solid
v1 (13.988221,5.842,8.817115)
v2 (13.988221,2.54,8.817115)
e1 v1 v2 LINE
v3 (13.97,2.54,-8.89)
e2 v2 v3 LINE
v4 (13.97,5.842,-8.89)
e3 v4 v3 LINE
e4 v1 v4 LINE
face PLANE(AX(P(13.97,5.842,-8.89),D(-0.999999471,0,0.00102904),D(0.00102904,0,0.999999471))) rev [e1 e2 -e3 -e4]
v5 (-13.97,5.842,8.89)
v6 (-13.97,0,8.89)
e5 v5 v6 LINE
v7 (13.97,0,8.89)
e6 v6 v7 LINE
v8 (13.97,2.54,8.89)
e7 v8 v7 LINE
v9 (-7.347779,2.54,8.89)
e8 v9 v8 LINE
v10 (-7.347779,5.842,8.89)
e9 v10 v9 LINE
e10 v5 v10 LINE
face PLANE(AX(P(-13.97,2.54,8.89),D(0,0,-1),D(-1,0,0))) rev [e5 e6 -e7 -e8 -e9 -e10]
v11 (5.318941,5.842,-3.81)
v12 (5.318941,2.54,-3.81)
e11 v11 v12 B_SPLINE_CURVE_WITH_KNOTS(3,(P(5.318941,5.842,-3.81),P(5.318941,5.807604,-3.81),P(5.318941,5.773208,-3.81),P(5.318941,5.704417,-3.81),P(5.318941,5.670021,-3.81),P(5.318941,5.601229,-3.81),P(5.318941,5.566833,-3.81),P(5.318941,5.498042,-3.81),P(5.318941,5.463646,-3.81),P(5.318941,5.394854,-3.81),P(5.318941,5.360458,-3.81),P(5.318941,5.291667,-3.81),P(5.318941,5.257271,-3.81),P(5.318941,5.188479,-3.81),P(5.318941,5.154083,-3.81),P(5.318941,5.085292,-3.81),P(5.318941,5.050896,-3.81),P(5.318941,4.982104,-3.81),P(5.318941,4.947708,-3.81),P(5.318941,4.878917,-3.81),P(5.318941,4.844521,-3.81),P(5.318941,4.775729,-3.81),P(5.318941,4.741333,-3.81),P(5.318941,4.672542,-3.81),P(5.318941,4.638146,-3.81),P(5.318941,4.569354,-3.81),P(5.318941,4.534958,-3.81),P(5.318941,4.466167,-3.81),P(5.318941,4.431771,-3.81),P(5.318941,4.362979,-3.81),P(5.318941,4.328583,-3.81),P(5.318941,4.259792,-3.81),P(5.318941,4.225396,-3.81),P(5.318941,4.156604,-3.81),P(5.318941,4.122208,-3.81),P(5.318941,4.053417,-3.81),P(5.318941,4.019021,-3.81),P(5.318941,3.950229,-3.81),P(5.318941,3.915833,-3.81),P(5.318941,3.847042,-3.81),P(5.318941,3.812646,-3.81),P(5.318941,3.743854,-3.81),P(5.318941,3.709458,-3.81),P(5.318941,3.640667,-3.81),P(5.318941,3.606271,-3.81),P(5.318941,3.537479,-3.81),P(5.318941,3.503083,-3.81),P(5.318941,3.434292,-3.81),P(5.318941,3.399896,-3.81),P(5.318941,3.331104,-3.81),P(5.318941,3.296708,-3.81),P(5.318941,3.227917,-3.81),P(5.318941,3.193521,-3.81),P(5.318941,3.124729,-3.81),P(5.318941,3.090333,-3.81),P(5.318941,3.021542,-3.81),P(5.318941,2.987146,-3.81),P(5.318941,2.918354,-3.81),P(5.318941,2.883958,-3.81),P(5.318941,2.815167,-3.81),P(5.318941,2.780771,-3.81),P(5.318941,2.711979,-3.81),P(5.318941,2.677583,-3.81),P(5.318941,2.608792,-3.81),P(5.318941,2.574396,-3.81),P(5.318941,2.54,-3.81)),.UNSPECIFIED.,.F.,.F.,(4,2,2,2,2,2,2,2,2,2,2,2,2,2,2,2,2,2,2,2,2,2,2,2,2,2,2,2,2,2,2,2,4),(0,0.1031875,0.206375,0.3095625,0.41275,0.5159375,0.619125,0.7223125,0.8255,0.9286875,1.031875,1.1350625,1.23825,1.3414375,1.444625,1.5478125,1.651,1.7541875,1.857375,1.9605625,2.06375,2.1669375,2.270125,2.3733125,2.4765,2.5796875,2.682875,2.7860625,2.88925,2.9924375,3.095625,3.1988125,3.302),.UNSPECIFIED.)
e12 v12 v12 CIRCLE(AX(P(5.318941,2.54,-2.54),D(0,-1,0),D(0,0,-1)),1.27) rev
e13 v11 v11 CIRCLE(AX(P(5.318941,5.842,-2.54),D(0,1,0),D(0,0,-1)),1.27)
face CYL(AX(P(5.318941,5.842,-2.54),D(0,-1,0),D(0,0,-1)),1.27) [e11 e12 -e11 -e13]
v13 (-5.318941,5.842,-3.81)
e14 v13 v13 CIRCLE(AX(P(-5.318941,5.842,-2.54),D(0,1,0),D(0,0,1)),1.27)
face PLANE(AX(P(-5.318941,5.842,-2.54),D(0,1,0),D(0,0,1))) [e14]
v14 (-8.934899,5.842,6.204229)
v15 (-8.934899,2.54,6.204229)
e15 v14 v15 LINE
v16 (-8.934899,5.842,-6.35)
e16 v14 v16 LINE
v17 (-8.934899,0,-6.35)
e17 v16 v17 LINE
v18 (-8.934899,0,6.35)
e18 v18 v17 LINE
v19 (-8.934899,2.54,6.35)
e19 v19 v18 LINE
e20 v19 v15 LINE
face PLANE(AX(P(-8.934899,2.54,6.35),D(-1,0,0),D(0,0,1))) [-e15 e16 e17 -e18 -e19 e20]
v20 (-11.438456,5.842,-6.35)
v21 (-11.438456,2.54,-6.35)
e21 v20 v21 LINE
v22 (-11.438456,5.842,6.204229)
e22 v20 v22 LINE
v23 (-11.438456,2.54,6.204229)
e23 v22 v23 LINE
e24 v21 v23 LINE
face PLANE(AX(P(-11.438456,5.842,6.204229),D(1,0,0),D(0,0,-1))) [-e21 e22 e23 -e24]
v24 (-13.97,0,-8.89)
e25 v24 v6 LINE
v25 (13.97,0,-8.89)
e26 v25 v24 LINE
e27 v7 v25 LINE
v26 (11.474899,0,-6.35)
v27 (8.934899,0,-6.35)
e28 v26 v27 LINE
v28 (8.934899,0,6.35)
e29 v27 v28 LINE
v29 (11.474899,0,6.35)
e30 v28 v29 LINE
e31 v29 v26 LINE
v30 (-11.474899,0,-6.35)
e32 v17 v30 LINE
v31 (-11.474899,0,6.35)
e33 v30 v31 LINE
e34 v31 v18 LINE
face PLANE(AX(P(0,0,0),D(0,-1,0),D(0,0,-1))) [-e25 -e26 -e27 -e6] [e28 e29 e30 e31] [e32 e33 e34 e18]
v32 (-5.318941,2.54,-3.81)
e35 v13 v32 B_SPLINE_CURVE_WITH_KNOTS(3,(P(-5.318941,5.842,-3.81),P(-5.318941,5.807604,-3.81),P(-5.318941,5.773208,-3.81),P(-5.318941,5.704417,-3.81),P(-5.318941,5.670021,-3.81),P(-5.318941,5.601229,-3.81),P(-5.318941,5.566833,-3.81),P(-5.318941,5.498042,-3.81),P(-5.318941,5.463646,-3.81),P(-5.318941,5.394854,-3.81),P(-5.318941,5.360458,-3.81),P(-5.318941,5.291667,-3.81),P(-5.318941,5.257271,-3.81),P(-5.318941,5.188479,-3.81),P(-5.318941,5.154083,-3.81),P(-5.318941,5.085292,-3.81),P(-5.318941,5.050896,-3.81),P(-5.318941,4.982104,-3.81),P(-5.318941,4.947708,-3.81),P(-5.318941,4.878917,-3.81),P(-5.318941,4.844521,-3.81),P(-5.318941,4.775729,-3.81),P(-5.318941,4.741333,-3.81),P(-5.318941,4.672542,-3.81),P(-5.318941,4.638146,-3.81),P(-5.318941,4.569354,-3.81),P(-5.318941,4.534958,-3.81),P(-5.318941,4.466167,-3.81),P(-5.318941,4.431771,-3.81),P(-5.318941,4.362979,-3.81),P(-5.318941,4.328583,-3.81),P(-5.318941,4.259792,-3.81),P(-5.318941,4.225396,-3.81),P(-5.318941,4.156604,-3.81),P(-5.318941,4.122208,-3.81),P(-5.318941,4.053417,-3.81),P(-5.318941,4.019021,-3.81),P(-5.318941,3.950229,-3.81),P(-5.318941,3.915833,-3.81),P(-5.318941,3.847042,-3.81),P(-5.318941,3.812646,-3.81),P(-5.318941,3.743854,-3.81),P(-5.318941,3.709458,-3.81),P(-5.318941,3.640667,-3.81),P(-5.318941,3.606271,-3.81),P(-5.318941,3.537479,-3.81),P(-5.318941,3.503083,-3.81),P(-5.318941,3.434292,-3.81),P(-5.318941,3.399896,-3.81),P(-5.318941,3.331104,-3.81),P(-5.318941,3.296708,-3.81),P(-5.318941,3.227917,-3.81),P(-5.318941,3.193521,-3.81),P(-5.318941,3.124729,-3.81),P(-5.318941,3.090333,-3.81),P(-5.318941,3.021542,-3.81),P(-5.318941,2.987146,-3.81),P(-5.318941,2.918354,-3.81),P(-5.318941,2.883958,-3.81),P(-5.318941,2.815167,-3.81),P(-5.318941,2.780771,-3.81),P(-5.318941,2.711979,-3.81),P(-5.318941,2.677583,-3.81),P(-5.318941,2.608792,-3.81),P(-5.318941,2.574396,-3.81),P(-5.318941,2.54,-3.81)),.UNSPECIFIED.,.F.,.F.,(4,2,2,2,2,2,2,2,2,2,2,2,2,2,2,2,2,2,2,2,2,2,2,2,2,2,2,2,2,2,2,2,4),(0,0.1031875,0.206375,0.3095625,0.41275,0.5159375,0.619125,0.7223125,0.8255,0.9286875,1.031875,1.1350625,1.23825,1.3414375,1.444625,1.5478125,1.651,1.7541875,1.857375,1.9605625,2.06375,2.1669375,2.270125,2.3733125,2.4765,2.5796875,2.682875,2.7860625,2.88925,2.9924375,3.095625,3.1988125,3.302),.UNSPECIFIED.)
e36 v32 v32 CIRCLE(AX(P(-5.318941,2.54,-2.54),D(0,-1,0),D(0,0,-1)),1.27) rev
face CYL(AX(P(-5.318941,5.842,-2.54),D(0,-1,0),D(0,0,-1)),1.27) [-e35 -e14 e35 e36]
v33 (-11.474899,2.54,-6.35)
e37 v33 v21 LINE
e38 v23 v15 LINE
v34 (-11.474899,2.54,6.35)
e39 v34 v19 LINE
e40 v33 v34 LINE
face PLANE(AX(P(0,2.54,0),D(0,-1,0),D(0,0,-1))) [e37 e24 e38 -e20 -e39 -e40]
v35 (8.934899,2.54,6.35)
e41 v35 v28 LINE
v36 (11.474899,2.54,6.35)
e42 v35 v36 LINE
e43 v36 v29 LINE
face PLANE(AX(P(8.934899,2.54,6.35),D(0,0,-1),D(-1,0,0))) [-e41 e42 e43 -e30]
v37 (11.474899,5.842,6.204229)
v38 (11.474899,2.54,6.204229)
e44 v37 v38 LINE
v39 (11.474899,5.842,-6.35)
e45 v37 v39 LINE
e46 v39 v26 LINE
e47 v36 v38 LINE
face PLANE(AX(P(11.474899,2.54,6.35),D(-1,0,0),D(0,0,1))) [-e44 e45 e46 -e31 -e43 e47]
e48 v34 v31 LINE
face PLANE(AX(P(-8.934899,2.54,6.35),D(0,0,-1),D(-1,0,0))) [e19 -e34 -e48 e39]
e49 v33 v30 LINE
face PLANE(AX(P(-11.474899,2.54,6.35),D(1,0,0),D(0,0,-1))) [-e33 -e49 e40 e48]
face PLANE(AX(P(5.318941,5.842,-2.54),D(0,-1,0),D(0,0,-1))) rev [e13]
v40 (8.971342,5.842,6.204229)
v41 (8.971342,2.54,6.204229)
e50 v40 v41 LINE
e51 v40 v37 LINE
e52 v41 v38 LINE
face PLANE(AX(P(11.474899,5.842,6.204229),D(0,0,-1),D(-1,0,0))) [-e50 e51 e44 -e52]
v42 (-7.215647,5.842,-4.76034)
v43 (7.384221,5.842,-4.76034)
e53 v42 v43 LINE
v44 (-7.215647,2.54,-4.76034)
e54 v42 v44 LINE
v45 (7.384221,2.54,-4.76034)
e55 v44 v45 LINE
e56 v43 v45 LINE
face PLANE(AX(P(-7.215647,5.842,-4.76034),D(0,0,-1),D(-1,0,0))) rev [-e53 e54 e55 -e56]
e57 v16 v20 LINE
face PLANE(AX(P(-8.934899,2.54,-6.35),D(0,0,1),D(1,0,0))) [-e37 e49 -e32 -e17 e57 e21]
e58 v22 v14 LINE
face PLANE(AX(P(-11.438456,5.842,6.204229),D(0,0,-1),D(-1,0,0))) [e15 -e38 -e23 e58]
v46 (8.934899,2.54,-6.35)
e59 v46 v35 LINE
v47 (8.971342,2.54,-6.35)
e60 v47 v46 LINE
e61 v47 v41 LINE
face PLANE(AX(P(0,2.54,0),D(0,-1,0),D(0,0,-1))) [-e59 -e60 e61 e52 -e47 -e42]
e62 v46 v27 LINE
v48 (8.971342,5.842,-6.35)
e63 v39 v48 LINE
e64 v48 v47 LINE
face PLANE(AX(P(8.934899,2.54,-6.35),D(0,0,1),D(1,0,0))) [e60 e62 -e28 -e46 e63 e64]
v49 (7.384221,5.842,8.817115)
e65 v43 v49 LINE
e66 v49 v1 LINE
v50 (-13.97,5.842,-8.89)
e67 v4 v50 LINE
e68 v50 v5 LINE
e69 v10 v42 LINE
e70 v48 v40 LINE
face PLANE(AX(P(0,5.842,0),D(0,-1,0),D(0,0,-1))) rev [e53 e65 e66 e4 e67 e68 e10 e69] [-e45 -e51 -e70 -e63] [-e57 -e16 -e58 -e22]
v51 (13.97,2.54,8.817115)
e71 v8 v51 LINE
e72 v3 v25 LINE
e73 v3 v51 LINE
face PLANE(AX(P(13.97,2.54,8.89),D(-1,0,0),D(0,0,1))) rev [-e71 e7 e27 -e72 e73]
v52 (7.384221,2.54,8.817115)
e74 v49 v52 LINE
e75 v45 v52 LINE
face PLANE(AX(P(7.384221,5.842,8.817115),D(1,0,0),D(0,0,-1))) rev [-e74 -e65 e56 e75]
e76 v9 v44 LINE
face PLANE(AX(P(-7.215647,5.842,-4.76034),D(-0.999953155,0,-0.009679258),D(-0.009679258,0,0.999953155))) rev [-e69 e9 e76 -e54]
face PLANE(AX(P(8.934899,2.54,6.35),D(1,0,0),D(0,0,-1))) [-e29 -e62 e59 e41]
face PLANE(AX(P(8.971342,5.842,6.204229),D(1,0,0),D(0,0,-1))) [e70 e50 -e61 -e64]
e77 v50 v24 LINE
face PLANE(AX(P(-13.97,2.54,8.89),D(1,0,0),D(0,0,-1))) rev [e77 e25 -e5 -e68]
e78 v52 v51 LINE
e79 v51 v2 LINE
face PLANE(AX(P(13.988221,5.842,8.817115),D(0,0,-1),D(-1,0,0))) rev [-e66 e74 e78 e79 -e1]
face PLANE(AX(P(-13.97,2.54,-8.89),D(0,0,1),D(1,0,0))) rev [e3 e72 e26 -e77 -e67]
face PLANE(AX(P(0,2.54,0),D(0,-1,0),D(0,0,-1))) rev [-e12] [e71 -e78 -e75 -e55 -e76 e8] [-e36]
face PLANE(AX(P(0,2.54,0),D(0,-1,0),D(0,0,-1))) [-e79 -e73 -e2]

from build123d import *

# Parameters (mm, degrees)
SKETCH1_W           = 27.94
SKETCH1_H           = 17.78
SKETCH1_W_2         = 2.54
SKETCH1_H_2         = 12.7
BOSS_EXTRUDE2_DEPTH = 2.54
SKETCH3_R           = 1.27
BOSS_EXTRUDE3_DEPTH = 3.302
SKETCH6_W           = 2.503557337
SKETCH6_H           = 12.554229347
BOSS_EXTRUDE6_DEPTH = 3.302


with BuildPart() as part:
    # Sketch1 → Boss-Extrude2 (new body)
    with BuildSketch(Plane(origin=(0, 0, 0), x_dir=(1, 0, 0), z_dir=(0, 1, 0))):
        Rectangle(SKETCH1_W, SKETCH1_H)
        with Locations((-10.20489899, 0)):
            Rectangle(SKETCH1_W_2, SKETCH1_H_2, mode=Mode.SUBTRACT)
        with Locations((10.20489899, 0)):
            Rectangle(SKETCH1_W_2, SKETCH1_H_2, mode=Mode.SUBTRACT)
    extrude(amount=BOSS_EXTRUDE2_DEPTH)

    # Sketch3 → Boss-Extrude3 (add)
    with BuildSketch(Plane(origin=(0, 2.54, 0), x_dir=(1, 0, 0), z_dir=(0, 1, 0))):
        with Locations(Location((-5.318941048, 2.54, 0), (0, 0, 90))):
            Circle(SKETCH3_R)
        with Locations(Location((5.318941048, 2.54, 0), (0, 0, 90))):
            Circle(SKETCH3_R)
    extrude(amount=BOSS_EXTRUDE3_DEPTH)

    # Sketch6 → Boss-Extrude6 (add)
    with BuildSketch(Plane(origin=(0, 2.54, 0), x_dir=(1, 0, 0), z_dir=(0, 1, 0))):
        Polygon((-7.215647318, 4.760339872), (7.384221332, 4.760339872), (7.384221332, -8.817114674), (13.988221332, -8.817114674), (13.97, 8.89), (-13.97, 8.89), (-13.97, -8.89), (-7.347778668, -8.89), align=None)
        with Locations((10.223120322, 0.072885327)):
            Rectangle(SKETCH6_W, SKETCH6_H, mode=Mode.SUBTRACT)
        with Locations((-10.186677659, 0.072885327)):
            Rectangle(SKETCH6_W, SKETCH6_H, mode=Mode.SUBTRACT)
    extrude(amount=BOSS_EXTRUDE6_DEPTH)


solid = part.part
